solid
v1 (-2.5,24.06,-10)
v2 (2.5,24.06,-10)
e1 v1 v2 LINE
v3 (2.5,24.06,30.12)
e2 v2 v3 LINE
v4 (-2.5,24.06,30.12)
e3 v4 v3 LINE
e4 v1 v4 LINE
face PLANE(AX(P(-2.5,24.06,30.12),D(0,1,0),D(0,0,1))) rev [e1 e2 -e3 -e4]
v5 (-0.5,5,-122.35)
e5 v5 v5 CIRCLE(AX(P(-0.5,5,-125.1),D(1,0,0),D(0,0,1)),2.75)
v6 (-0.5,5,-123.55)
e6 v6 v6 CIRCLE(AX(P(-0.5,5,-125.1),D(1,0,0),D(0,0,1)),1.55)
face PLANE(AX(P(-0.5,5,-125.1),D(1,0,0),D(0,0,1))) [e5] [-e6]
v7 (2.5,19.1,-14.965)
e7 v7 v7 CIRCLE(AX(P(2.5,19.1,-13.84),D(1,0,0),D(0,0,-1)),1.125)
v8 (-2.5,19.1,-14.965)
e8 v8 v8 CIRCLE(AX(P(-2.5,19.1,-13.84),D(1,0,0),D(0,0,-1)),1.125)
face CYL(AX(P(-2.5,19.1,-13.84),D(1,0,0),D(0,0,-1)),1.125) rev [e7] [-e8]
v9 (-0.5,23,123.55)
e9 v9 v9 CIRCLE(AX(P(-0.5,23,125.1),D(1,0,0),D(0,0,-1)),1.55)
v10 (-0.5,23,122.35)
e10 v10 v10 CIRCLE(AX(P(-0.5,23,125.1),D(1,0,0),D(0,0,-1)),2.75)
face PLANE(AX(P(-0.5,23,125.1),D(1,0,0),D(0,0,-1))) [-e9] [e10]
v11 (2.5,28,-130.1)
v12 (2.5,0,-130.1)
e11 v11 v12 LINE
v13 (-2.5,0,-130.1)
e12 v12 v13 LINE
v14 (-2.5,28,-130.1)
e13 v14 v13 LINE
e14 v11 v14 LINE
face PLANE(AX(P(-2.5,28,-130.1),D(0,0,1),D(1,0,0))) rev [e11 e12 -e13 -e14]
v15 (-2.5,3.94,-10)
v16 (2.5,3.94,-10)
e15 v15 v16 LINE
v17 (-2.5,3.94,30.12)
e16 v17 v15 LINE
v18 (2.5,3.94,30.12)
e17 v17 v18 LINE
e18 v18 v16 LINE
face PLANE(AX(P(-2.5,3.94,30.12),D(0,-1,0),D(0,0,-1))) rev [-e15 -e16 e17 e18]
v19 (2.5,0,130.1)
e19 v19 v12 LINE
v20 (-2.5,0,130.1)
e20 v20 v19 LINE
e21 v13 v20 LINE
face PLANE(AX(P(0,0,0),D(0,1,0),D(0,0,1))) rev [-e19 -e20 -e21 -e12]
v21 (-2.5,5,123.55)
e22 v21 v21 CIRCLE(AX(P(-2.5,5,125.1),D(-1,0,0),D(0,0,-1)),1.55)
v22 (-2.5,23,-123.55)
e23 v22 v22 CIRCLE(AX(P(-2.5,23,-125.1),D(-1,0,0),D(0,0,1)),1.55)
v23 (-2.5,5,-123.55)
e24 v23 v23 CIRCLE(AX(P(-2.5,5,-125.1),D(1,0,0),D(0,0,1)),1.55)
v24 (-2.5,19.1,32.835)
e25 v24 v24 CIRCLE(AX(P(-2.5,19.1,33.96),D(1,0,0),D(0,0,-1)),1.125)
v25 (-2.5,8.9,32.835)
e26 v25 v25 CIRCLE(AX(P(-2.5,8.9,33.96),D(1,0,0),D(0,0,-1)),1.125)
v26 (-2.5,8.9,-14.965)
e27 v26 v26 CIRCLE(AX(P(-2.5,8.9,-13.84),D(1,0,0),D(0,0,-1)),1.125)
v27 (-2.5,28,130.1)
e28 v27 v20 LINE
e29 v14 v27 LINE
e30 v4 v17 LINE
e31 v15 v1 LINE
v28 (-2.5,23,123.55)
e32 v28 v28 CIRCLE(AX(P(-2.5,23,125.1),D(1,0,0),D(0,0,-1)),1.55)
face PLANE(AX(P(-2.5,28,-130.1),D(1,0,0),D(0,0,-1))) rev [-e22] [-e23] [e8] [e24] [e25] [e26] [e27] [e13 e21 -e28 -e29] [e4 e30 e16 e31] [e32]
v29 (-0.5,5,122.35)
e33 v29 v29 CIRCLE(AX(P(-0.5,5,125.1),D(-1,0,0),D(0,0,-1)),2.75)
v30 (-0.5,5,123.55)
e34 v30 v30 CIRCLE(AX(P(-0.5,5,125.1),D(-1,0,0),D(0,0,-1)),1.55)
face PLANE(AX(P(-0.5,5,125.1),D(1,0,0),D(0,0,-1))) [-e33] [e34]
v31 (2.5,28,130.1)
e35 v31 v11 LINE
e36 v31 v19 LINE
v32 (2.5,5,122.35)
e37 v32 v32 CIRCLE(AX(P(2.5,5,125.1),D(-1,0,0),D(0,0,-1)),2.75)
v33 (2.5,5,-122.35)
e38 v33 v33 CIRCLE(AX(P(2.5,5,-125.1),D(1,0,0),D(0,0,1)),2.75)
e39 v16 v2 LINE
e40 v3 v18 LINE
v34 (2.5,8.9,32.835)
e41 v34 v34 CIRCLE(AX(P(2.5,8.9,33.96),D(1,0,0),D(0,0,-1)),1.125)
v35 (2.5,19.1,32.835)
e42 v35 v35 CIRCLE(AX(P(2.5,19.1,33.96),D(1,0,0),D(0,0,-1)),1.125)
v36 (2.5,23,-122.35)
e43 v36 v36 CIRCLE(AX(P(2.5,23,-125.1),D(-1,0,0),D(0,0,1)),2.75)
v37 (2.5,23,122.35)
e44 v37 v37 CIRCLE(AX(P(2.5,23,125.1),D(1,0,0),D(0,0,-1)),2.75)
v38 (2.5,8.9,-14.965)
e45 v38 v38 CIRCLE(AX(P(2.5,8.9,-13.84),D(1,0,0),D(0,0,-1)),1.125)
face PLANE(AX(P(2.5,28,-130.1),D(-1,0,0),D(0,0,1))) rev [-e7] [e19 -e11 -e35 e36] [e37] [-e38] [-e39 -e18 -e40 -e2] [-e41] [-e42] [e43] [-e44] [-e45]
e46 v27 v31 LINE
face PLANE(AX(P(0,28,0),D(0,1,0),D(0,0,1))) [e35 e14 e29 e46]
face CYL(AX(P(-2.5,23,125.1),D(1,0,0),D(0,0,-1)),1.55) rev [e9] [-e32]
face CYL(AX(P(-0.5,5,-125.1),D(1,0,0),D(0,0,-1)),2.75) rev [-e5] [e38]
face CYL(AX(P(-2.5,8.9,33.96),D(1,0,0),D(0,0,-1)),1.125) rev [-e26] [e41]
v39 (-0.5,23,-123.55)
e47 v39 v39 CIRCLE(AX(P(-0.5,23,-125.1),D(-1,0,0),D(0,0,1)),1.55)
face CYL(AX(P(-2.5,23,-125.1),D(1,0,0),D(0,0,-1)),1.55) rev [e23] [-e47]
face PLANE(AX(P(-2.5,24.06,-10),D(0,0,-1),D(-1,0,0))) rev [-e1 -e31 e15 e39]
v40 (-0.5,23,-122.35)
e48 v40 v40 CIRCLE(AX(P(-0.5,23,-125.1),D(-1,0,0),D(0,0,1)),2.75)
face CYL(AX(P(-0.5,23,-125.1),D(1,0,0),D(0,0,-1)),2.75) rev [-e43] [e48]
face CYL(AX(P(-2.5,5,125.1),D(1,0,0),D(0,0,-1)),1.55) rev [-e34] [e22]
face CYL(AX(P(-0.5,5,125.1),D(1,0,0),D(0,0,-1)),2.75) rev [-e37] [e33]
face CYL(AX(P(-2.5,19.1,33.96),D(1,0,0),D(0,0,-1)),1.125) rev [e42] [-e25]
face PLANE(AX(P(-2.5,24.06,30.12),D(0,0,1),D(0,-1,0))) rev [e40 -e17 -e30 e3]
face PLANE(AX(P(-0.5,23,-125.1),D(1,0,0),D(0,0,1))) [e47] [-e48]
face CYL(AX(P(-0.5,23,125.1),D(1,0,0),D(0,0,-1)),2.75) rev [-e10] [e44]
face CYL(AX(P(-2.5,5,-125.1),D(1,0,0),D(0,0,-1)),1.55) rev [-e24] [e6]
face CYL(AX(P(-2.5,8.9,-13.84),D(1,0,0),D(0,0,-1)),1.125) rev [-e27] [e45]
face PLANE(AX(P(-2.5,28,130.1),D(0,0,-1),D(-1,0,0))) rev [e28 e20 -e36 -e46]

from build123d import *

# Parameters (mm, degrees)
SKETCH1_W                                  = 5
SKETCH1_H                                  = 260.2
BOSS_EXTRUDE1_DEPTH                        = 28
SKETCH2_W                                  = 40.12
SKETCH2_H                                  = 20.12
CUT_EXTRUDE1_DEPTH                         = 134.172857595
SKETCH3_R                                  = 1.125
CUT_EXTRUDE2_DEPTH                         = 134.172857595
SKETCH4_R                                  = 2.75
CUT_EXTRUDE3_DEPTH                         = 3
SKETCH5_R                                  = 1.55
CUT_EXTRUDE4_DEPTH                         = 134.112771739
MIRROR2_AT_THE_SECOND_PLANE_COPY_1_SKETC_R = 2.75
MIRROR2_AT_THE_SECOND_PLANE_COPY_1_DEPTH   = 3
MIRROR2_AT_THE_SECOND_PLANE_COPY_2_SKETC_R = 1.55
MIRROR2_AT_THE_SECOND_PLANE_COPY_2_DEPTH   = 134.112771739


with BuildPart() as part:
    # Sketch1 → Boss-Extrude1 (new body)
    with BuildSketch(Plane(origin=(0, 0, 0), x_dir=(1, 0, 0), z_dir=(0, 1, 0))):
        Rectangle(SKETCH1_W, SKETCH1_H)
    extrude(amount=BOSS_EXTRUDE1_DEPTH)

    # Sketch2 → Cut-Extrude1 (cut, through all)
    with BuildSketch(Plane(origin=(2.5, 0, 0), x_dir=(0, 0, -1), z_dir=(1, 0, 0))):
        with Locations((-10.06, 14)):
            Rectangle(SKETCH2_W, SKETCH2_H)
    extrude(amount=-CUT_EXTRUDE1_DEPTH, mode=Mode.SUBTRACT)

    # Sketch3 → Cut-Extrude2 (cut, through all)
    with BuildSketch(Plane(origin=(2.5, 0, 0), x_dir=(0, 0, -1), z_dir=(1, 0, 0))):
        with Locations((-33.96, 19.1)):
            Circle(SKETCH3_R)
        with Locations((-33.96, 8.9)):
            Circle(SKETCH3_R)
        with Locations((13.84, 19.1)):
            Circle(SKETCH3_R)
        with Locations((13.84, 8.9)):
            Circle(SKETCH3_R)
    extrude(amount=-CUT_EXTRUDE2_DEPTH, mode=Mode.SUBTRACT)

    # Sketch4 → Cut-Extrude3 (cut)
    with BuildSketch(Plane(origin=(2.5, 0, 0), x_dir=(0, 0, -1), z_dir=(1, 0, 0))):
        with Locations((-125.1, 23)):
            Circle(SKETCH4_R)
    cut_extrude3 = extrude(amount=-CUT_EXTRUDE3_DEPTH, mode=Mode.SUBTRACT)

    # Sketch5 → Cut-Extrude4 (cut, through all)
    with BuildSketch(Plane(origin=(-0.5, 0, 0), x_dir=(0, 0, -1), z_dir=(1, 0, 0))):
        with Locations((-125.1, 23)):
            Circle(SKETCH5_R)
    cut_extrude4 = extrude(amount=-CUT_EXTRUDE4_DEPTH, mode=Mode.SUBTRACT)

    # Mirror2: Cut-Extrude3, Cut-Extrude4 across plane
    add(cut_extrude3.mirror(Plane.XY), mode=Mode.SUBTRACT)
    add(cut_extrude4.mirror(Plane.XY), mode=Mode.SUBTRACT)

    # Mirror2 at the second plane: Cut-Extrude3, Cut-Extrude4 across plane
    add(cut_extrude3.mirror(Plane.ZX.offset(14)), mode=Mode.SUBTRACT)
    add(cut_extrude4.mirror(Plane.ZX.offset(14)), mode=Mode.SUBTRACT)

    # Mirror2 at the second plane copy 1 sketc → Mirror2 at the second plane copy 1 (cut)
    with BuildSketch(Plane(origin=(2.5, 28, 0), x_dir=(0, 0, 1), z_dir=(1, 0, 0))):
        with Locations((-125.1, 23)):
            Circle(MIRROR2_AT_THE_SECOND_PLANE_COPY_1_SKETC_R)
    extrude(amount=-MIRROR2_AT_THE_SECOND_PLANE_COPY_1_DEPTH, mode=Mode.SUBTRACT)

    # Mirror2 at the second plane copy 2 sketc → Mirror2 at the second plane copy 2 (cut, through all)
    with BuildSketch(Plane(origin=(-0.5, 28, 0), x_dir=(0, 0, 1), z_dir=(1, 0, 0))):
        with Locations((-125.1, 23)):
            Circle(MIRROR2_AT_THE_SECOND_PLANE_COPY_2_SKETC_R)
    extrude(amount=-MIRROR2_AT_THE_SECOND_PLANE_COPY_2_DEPTH, mode=Mode.SUBTRACT)


solid = part.part
